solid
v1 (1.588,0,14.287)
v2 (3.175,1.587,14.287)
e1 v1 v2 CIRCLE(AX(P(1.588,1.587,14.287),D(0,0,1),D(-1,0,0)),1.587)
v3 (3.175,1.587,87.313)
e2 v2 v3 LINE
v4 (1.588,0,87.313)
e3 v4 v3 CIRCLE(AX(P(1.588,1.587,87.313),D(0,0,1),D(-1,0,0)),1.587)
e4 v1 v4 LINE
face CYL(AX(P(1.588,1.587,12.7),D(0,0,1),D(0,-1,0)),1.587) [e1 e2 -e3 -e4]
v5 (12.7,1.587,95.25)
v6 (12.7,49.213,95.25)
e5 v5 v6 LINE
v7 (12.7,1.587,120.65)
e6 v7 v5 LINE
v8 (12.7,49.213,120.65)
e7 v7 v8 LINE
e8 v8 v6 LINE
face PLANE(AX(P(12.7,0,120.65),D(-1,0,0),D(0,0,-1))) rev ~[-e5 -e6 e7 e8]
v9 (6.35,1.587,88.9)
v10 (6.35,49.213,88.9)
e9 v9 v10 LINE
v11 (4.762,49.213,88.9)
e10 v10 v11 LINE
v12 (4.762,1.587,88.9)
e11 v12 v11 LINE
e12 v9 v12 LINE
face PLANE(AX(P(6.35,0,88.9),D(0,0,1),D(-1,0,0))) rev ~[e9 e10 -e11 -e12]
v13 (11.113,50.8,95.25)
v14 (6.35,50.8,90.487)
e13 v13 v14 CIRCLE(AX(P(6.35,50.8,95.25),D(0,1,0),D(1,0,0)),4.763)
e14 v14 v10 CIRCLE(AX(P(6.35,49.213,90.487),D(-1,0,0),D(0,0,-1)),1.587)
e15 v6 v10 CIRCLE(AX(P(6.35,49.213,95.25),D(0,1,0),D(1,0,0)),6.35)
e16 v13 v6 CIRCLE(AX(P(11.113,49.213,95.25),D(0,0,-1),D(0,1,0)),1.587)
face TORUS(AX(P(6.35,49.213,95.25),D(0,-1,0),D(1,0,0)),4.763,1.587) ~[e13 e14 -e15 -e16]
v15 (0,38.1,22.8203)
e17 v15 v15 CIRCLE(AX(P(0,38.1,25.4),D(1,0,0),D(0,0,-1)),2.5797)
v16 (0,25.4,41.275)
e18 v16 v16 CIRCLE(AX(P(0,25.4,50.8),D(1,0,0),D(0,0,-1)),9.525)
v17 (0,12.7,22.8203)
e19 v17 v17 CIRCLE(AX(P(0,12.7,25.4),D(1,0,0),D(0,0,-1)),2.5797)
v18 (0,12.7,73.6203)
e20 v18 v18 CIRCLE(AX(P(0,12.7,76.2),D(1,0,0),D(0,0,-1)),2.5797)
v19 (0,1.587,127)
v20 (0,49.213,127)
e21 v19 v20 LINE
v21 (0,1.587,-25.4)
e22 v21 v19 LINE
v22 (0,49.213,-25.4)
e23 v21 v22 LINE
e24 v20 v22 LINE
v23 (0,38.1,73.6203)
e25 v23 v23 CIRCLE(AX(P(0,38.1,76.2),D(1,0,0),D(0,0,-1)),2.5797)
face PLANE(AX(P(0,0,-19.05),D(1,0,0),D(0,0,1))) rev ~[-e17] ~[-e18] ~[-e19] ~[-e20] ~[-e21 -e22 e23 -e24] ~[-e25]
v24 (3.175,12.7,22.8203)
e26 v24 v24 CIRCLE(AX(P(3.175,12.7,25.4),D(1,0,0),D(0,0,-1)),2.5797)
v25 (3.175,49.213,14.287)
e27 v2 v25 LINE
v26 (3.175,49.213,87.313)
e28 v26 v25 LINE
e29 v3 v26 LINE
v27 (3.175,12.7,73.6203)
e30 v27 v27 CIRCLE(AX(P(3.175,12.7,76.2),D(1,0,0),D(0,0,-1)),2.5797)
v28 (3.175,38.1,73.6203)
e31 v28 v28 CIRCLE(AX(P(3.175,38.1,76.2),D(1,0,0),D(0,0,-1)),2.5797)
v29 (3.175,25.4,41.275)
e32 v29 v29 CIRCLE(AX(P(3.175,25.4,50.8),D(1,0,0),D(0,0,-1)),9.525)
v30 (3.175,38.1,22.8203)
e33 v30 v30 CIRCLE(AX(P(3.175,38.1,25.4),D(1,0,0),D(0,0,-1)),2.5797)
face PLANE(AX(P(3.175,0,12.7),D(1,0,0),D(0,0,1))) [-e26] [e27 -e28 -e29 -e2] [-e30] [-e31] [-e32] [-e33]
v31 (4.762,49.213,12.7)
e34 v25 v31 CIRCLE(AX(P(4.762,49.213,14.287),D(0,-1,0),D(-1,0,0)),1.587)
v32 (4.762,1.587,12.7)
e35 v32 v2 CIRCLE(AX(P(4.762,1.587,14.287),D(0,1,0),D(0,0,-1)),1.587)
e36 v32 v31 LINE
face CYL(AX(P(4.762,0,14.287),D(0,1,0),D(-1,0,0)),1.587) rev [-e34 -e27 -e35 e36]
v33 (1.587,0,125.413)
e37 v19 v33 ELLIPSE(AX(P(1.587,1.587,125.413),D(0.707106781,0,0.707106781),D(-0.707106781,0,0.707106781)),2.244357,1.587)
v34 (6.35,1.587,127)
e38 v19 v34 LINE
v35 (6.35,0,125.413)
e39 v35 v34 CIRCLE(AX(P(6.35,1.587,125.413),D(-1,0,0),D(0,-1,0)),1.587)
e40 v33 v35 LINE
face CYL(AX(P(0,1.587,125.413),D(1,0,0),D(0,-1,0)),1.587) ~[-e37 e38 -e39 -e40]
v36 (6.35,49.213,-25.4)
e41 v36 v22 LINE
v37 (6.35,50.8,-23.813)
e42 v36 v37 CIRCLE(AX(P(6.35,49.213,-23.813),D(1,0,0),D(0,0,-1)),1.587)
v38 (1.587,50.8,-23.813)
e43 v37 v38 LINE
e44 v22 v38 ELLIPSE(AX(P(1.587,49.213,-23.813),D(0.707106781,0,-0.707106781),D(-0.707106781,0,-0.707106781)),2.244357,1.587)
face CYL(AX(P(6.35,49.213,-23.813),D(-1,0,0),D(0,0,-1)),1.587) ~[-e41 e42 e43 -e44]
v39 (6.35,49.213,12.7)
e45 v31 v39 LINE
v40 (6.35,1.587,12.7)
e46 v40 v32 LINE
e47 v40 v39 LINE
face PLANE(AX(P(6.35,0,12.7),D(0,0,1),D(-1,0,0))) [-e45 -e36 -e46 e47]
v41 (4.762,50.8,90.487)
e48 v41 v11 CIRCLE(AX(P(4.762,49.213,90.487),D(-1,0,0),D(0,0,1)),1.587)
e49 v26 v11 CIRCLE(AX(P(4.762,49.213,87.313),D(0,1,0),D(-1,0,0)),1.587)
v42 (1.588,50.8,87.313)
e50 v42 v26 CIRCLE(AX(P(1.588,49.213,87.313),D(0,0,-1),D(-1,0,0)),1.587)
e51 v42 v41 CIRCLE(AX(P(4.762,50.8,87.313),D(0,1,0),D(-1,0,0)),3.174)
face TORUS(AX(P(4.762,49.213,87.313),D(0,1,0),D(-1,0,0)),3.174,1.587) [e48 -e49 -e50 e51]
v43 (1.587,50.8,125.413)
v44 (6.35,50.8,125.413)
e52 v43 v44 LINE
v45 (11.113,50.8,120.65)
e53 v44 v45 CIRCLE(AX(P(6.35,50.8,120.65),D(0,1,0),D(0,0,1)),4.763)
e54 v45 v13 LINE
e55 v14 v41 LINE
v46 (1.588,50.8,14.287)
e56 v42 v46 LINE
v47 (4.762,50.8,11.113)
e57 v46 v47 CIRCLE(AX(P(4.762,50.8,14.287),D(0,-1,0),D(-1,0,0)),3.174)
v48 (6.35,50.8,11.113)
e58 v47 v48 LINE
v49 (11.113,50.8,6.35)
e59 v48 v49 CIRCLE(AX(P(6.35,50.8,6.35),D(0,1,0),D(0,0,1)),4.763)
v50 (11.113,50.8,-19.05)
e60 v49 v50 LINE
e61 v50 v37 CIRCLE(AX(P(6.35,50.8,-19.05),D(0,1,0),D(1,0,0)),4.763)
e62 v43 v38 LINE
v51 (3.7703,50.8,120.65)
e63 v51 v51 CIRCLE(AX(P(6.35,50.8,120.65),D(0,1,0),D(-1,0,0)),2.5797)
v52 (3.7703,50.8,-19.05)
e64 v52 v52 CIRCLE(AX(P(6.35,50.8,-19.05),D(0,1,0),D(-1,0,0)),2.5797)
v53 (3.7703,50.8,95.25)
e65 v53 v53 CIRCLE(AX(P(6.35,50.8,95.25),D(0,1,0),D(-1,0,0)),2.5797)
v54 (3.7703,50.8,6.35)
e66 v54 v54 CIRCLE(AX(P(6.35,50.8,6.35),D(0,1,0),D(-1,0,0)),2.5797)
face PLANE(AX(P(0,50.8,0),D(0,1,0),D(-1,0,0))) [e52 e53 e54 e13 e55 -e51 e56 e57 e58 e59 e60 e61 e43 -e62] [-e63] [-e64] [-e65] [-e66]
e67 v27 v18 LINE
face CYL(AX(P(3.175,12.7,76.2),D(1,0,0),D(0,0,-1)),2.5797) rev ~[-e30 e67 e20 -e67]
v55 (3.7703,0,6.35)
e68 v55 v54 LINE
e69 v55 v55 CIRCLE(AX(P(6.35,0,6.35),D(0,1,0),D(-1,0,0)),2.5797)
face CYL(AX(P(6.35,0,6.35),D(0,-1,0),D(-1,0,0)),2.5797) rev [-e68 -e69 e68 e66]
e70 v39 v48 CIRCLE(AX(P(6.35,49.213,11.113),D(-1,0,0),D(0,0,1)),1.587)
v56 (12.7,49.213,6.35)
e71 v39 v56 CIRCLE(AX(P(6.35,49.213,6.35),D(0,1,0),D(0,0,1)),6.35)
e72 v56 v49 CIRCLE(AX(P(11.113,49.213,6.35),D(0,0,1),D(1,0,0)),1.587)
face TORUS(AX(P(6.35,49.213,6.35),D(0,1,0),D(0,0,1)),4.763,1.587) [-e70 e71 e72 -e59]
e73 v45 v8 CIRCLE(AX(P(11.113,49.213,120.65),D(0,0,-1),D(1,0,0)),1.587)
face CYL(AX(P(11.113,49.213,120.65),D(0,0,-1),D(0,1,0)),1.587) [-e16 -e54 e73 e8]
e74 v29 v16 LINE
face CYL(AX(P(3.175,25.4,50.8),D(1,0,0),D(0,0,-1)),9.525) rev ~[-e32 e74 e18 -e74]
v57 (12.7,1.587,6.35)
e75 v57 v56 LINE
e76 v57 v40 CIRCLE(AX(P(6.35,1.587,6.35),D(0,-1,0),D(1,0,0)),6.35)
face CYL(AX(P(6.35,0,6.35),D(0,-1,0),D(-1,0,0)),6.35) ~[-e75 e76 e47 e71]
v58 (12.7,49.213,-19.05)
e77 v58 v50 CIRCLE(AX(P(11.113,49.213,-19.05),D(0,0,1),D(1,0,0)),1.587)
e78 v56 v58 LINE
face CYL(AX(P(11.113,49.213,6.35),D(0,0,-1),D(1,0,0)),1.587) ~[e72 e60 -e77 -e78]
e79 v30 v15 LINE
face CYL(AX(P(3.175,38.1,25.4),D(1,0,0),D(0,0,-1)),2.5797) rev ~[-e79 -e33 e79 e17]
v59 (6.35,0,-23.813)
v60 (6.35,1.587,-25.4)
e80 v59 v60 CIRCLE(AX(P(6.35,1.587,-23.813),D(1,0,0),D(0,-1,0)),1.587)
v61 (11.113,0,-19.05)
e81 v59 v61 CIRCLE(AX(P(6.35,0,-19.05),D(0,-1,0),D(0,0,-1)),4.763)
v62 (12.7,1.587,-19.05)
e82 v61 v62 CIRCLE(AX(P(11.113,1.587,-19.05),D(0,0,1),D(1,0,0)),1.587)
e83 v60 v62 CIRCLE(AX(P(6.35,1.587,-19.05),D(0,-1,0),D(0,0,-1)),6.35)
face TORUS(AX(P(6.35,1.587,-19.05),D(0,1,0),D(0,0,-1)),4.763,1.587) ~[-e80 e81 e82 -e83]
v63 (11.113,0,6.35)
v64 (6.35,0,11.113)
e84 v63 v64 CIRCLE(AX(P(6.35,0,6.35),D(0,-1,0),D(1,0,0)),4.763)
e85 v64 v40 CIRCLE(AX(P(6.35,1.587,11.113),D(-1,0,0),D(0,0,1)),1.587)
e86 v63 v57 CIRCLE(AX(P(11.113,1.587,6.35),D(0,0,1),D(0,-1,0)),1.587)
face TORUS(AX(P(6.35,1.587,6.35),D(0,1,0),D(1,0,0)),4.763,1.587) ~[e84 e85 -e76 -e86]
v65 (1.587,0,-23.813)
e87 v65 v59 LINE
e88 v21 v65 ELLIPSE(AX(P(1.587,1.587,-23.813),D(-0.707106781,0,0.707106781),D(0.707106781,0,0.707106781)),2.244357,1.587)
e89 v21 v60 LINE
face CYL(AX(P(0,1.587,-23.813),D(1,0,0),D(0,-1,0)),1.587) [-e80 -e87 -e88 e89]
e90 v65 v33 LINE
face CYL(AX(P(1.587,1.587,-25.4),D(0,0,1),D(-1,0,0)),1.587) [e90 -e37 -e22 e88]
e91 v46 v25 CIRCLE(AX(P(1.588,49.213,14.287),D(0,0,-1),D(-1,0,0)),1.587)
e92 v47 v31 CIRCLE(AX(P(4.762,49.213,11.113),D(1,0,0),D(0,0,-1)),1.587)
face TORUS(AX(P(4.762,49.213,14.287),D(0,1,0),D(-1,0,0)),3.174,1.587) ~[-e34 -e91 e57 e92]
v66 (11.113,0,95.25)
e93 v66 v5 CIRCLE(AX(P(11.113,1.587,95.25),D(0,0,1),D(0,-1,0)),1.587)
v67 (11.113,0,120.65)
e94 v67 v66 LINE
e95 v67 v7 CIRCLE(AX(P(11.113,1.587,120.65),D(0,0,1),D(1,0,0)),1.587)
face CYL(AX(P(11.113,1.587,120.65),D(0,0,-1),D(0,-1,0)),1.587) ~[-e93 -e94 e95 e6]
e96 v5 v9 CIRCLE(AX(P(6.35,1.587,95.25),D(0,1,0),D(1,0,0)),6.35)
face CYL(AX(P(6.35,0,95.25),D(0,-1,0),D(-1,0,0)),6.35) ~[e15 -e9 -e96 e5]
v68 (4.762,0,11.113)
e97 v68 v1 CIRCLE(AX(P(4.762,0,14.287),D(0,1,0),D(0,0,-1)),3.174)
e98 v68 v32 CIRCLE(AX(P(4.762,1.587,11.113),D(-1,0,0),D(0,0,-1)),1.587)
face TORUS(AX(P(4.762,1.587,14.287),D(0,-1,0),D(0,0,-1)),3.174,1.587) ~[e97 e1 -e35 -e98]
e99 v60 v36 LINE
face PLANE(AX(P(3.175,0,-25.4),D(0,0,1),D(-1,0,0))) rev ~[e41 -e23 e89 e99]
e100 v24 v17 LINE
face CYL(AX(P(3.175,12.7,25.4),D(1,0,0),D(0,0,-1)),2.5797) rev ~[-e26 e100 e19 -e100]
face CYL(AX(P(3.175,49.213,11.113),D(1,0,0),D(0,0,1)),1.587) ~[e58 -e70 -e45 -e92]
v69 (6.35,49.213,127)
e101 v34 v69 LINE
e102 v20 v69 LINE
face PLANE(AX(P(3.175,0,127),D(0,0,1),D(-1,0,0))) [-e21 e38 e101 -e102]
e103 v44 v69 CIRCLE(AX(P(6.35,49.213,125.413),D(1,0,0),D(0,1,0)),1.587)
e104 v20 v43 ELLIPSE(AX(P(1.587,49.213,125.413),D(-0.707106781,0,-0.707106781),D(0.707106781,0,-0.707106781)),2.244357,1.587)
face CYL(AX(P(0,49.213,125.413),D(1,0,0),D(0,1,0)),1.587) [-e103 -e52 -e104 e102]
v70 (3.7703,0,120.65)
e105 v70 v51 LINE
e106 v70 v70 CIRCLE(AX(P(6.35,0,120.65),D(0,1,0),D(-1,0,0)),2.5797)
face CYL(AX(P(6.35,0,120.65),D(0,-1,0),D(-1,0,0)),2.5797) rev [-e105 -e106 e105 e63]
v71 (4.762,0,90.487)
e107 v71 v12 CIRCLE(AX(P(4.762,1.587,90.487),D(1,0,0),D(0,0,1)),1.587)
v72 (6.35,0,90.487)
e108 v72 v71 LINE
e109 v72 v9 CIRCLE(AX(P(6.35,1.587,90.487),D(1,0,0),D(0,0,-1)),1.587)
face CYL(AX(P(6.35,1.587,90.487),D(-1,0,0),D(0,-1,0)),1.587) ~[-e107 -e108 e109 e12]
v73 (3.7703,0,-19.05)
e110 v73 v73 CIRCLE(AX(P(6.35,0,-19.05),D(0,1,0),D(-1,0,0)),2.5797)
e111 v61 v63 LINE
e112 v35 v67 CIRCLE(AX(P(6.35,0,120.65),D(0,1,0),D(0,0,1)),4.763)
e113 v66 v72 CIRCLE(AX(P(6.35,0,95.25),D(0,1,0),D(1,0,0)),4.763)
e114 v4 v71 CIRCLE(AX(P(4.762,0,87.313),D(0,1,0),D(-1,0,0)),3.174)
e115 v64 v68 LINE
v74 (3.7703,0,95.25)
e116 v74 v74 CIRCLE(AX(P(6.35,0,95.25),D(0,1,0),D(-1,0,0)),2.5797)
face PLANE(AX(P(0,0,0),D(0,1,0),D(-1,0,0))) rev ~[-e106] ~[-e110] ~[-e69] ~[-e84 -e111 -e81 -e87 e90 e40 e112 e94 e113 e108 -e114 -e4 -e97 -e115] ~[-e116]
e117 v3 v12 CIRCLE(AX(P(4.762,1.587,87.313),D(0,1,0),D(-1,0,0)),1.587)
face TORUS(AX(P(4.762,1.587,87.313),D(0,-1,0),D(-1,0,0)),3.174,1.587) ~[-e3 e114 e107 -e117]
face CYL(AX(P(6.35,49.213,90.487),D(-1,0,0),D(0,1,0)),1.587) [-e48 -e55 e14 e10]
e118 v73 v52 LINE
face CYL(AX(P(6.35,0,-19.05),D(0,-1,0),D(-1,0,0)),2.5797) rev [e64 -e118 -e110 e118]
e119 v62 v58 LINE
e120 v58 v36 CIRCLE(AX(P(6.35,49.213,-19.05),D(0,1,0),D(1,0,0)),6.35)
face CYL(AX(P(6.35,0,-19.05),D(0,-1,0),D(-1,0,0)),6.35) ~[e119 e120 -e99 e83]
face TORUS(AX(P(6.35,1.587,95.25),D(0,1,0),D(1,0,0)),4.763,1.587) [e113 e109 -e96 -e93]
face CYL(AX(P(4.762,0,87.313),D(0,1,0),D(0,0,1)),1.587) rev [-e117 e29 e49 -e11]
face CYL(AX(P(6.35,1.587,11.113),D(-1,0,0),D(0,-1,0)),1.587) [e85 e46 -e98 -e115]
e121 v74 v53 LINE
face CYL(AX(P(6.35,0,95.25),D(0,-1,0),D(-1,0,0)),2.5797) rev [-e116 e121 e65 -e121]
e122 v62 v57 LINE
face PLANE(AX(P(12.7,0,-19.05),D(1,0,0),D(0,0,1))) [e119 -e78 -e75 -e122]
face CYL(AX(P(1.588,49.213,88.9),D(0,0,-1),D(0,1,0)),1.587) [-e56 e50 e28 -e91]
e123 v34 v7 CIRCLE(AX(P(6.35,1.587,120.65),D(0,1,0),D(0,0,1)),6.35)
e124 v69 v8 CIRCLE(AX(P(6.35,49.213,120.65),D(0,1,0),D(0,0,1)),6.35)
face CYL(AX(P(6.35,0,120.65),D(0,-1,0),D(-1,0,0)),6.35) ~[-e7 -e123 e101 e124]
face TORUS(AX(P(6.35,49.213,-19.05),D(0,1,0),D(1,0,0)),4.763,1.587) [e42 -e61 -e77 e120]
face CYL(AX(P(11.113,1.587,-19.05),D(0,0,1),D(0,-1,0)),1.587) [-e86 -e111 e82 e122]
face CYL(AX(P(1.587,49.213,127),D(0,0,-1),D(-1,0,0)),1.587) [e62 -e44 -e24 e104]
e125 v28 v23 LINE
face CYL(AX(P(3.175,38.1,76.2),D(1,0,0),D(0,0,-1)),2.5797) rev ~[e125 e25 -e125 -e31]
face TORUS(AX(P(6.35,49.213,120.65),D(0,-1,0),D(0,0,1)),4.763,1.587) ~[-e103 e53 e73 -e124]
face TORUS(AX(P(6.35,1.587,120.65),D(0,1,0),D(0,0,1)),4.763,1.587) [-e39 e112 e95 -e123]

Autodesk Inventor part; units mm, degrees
ref_plane "YZ Plane" through (0, 0, 0) normal (1, 0, 0) x (0, 1, 0)
ref_plane "XZ Plane" through (0, 0, 0) normal (0, 1, 0) x (-1, 0, 0)
ref_plane "XY Plane" through (0, 0, 0) normal (0, 0, 1) x (1, 0, 0)
sketch "Sketch1" plane through (0, 0, 0) normal (0, 1, 0) x (-1, 0, 0)
  line L0 (0, 0) -> (-3.175, 0)
  line L1 (-3.175, 0) -> (-3.175, 101.6)
  line L2 (-3.175, 101.6) -> (0, 101.6)
  line L3 (0, 101.6) -> (0, 0)
  line L4 (0, 0) -> (-3.175, 0)
  line L5 (-3.175, 0) -> (-3.175, -25.4)
  line L6 (-3.175, -25.4) -> (0, -25.4)
  line L7 (0, -25.4) -> (0, 0)
  line L8 (0, 101.6) -> (-3.175, 101.6)
  line L9 (-3.175, 101.6) -> (-3.175, 127)
  line L10 (-3.175, 127) -> (0, 127)
  line L11 (0, 127) -> (0, 101.6)
  circle A0 centre (-6.35, 120.65) radius 2.5797
  circle A1 centre (-6.35, 95.25) radius 2.5797
  line L12 (0, 127) -> (-12.7, 127)
  line L13 (-12.7, 127) -> (-12.7, 88.9)
  line L14 (-12.7, 88.9) -> (0, 88.9)
  line L15 (0, 88.9) -> (0, 127)
  line L16 (25.4, 50.8) -> (-25.4, 50.8)
  line L17 (25.4, 50.8) -> (76.2, 50.8) construction
  line L18 (-3.175, 101.6) -> (-3.175, 0)
  line L19 (-3.175, 0) -> (0, 0)
  line L20 (0, 0) -> (0, 101.6)
  line L21 (0, 0) -> (-3.175, 0)
  line L22 (-3.175, 0) -> (-3.175, -25.4)
  line L23 (-3.175, -25.4) -> (0, -25.4)
  line L24 (0, -25.4) -> (0, 0)
  circle A2 centre (-6.35, -19.05) radius 2.5797
  circle A3 centre (-6.35, 6.35) radius 2.5797
  line L25 (0, -25.4) -> (-12.7, -25.4)
  line L26 (-12.7, -25.4) -> (-12.7, 12.7)
  line L27 (-12.7, 12.7) -> (0, 12.7)
  line L28 (0, 12.7) -> (0, -25.4)
  circle A4 centre (-6.35, 6.35) radius 6.35
  circle A5 centre (-6.35, -19.05) radius 6.35
  circle A6 centre (-6.35, 95.25) radius 6.35
  circle A7 centre (-6.35, 120.65) radius 6.35
  point P0 (-3.175, 88.9)
  point P1 (-3.175, 12.7)
  point P2 (-12.7, -19.05)
  point P3 (0, -19.05)
  point P4 (0, 120.65)
  point P5 (-3.175, 115.1507)
  point P6 (-3.175, 100.7493)
  point P7 (-6.35, 88.9)
  point P8 (-6.35, 12.7)
  point P9 (-12.7, 6.35)
  point P10 (-6.35, 127)
  point P11 (-12.7, 120.65)
  point P12 (-12.7, 95.25)
  point P13 (-6.35, -25.4)
  dimension "d25" = 3.175
  dimension "d26" = 101.6
  dimension "d27" = 3.175
  dimension "d28" = 25.4
  dimension "d29" = 3.175
  dimension "d30" = 25.4
  dimension "d31" = 0
  dimension "d32" = 25.4
  dimension "d33" = 6.35
  dimension "d34" = 5.1594
  dimension "d35" = 5.1594
  dimension "d36" = 12.7
  dimension "d37" = 38.1
  dimension "d38" = 6.35
  dimension "d39" = 50.8
  dimension "d40" = 180
  dimension "d41" = 50.8
  dimension "d42" = 25.4
extrude "Extrusion1" add sketch "Sketch1" along normal blind 50.8 contours L7 A5 L5 L0 | L0 L1 A4 L3 | L5 A5 L26 A4 L1 | A4 L1 L27 L3 | A4 L1 | A5 L5 | L7 L6 L5 A5 | A4 L1 | L5 A5 | L27 L1 L16 L3 | A4 L27 L1 | L5 L25 A5 | L16 L1 L14 L3 | L14 L1 A6 L3 | A6 L1 L2 L3 | A6 L1 | L14 A6 L1 | L2 L9 A7 L11 | A6 L13 A7 L9 L1 | L1 A6 | A7 L9 L10 L11 | A7 L9 | A7 L9 | A7 L12 L9
sketch "Sketch3" plane through (3.175, 0, 88.9) normal (1, 0, 0) x (0, 0, -1)
  circle A0 centre (12.7, 12.7) radius 2.5797
  line L0 (0, 0) -> (76.2, 0)
  line L1 (0, 0) -> (0, 50.8)
  circle A1 centre (63.5, 12.7) radius 2.5797
  circle A2 centre (12.7, 38.1) radius 2.5797
  circle A3 centre (63.5, 38.1) radius 2.5797
  circle A4 centre (38.1, 25.4) radius 9.525
  point P0 (88.9, 0)
  dimension "d43" = 12.7
  dimension "d44" = 12.7
  dimension "d45" = 5.1594
  dimension "d48" = 50.8
  dimension "d51" = 25.4
  dimension "d56" = 19.05
  dimension "d57" = 25.4
  dimension "d58" = 38.1
extrude "Extrusion3" cut sketch "Sketch3" against normal blind 50.8
fillet "Fillet3" radius 1.5875 26 edges at (0, 50.8, 50.8) (0, 0, 50.8) (10.8401, 50.8, 125.1401) (12.7, 50.8, 107.95) (10.8401, 50.8, 90.7599) (4.7625, 50.8, 88.9) (3.175, 50.8, 127) (10.8401, 0, 125.1401) (12.7, 0, 107.95) (10.8401, 0, 90.7599) (4.7625, 0, 88.9) (3.175, 0, 127) (3.175, 25.4, 88.9) (3.175, 50.8, 50.8) (3.175, 50.8, -25.4) (12.7, 50.8, -6.35) (10.8401, 50.8, 10.8401) (4.7625, 50.8, 12.7) (10.8401, 50.8, -23.5401) (3.175, 0, -25.4) (12.7, 0, -6.35) (10.8401, 0, 10.8401) (4.7625, 0, 12.7) (10.8401, 0, -23.5401) (3.175, 0, 50.8) (3.175, 25.4, 12.7)
equation "\"d35\" = d34"
properties part number "Connector plate"
